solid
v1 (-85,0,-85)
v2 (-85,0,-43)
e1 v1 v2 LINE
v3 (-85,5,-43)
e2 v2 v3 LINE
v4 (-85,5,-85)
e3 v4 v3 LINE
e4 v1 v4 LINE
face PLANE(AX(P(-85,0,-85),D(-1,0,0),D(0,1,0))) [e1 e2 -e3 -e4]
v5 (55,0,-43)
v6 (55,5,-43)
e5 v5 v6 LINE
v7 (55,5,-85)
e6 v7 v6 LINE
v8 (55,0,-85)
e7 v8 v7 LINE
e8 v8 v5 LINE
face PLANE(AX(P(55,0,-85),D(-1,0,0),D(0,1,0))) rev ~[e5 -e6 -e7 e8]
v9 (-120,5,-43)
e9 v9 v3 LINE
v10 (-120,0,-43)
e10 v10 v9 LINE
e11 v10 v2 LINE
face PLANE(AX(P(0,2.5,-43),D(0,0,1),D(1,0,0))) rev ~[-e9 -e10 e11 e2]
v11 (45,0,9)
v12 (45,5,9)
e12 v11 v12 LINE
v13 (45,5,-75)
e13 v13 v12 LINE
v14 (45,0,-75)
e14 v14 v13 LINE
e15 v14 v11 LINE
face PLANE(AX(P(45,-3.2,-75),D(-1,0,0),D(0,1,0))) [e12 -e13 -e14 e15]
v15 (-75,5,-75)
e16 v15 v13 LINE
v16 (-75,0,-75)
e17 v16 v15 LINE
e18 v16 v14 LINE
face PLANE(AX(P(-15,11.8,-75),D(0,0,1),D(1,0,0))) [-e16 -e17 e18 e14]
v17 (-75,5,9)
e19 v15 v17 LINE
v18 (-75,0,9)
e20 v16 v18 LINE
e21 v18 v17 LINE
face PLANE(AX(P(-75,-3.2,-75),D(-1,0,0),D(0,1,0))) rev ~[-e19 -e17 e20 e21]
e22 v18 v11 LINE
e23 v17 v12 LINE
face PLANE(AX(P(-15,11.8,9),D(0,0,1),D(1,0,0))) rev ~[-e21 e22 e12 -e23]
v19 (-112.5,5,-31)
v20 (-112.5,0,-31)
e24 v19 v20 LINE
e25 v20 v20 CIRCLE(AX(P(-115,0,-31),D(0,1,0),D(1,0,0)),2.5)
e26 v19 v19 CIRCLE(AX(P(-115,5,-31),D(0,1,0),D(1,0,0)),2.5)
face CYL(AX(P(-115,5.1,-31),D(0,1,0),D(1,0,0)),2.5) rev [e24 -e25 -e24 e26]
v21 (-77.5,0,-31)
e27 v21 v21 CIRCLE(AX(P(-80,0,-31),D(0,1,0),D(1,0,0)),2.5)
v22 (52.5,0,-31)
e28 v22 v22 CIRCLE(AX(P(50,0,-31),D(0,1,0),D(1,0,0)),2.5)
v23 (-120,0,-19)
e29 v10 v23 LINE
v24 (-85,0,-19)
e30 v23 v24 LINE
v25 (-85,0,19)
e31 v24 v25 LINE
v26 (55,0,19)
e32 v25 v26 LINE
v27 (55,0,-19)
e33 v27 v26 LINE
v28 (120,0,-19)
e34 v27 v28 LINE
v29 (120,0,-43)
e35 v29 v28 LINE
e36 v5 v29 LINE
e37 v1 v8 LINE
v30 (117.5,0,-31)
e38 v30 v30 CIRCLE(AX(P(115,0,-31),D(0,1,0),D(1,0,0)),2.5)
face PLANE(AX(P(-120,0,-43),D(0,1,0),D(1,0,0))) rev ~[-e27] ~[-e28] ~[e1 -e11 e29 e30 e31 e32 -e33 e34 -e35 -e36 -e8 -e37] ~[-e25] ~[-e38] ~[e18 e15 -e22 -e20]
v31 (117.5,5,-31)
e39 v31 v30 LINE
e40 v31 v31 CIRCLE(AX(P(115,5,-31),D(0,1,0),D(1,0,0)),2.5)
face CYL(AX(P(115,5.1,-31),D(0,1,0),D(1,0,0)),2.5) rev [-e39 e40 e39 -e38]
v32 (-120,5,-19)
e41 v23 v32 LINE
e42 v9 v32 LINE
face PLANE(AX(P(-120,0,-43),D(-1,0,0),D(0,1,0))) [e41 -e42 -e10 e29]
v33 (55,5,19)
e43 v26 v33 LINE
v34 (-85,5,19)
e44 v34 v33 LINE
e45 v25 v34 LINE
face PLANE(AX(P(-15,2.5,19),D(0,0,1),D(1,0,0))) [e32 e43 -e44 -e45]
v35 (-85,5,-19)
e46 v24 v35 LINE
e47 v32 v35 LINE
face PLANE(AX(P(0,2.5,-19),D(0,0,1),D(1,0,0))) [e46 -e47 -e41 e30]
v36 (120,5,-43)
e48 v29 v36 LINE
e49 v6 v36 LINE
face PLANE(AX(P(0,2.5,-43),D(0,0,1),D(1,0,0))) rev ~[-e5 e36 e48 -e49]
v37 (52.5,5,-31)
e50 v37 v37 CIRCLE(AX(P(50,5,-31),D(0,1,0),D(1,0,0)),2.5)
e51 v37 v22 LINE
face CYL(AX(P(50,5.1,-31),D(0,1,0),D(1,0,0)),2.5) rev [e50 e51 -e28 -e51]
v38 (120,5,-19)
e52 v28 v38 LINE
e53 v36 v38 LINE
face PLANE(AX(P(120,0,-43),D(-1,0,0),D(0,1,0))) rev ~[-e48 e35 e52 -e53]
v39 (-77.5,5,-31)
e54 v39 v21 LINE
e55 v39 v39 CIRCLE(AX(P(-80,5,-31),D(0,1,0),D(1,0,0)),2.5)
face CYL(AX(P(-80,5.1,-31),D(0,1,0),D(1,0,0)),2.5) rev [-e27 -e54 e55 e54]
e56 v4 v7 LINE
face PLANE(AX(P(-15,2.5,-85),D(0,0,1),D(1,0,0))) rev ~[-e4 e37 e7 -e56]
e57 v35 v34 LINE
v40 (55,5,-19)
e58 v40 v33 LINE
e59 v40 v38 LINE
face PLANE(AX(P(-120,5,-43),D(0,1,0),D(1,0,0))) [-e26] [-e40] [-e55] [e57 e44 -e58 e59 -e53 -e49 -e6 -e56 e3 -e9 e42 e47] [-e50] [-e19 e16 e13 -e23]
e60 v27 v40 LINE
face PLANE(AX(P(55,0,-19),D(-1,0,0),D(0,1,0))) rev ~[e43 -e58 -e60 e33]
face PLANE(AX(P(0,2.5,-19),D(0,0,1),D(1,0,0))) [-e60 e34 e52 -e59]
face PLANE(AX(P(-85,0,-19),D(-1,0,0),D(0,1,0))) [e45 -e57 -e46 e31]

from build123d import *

# Parameters (mm, degrees)
BOX008_W          = 120
BOX008_H          = 30
BOX008_DEPTH      = 84
CYLINDER052_R     = 2.5
CYLINDER052_DEPTH = 10
CYLINDER053_R     = 2.5
CYLINDER053_DEPTH = 10
CYLINDER054_R     = 2.5
CYLINDER054_DEPTH = 10
CYLINDER055_R     = 2.5
CYLINDER055_DEPTH = 10
CYLINDER051_R     = 2.5
CYLINDER051_DEPTH = 10
CYLINDER056_R     = 2.5
CYLINDER056_DEPTH = 10
BOX001_W          = 240
BOX001_H          = 5
BOX001_DEPTH      = 24
BOX002_W          = 140
BOX002_H          = 5
BOX002_DEPTH      = 38
BOX003_W          = 140
BOX003_H          = 5
BOX003_DEPTH      = 42


with BuildPart() as gatewaycut:
    # Box008 → Box008 (new body)
    with BuildSketch(Plane(origin=(-75, -3.2, -75), x_dir=(1, 0, 0), z_dir=(0, 0, 1))):
        with Locations((60, 15)):
            Rectangle(BOX008_W, BOX008_H)
    extrude(amount=BOX008_DEPTH)


with BuildPart() as cylinder052:
    # Cylinder052 → Cylinder052 (new body)
    with BuildSketch(Plane(origin=(115, 0, -31), x_dir=(1, 0, 0), z_dir=(0, -1, 0))):
        Circle(CYLINDER052_R)
    extrude(amount=CYLINDER052_DEPTH)


with BuildPart() as cylinder053:
    # Cylinder053 → Cylinder053 (new body)
    with BuildSketch(Plane(origin=(-80, 0, -31), x_dir=(1, 0, 0), z_dir=(0, -1, 0))):
        Circle(CYLINDER053_R)
    extrude(amount=CYLINDER053_DEPTH)


with BuildPart() as cylinder054:
    # Cylinder054 → Cylinder054 (new body)
    with BuildSketch(Plane(origin=(50, 0, -31), x_dir=(1, 0, 0), z_dir=(0, -1, 0))):
        Circle(CYLINDER054_R)
    extrude(amount=CYLINDER054_DEPTH)


with BuildPart() as cylinder055:
    # Cylinder055 → Cylinder055 (new body)
    with BuildSketch(Plane(origin=(-45.75, 0, -56.3), x_dir=(1, 0, 0), z_dir=(0, -1, 0))):
        Circle(CYLINDER055_R)
    extrude(amount=CYLINDER055_DEPTH)


with BuildPart() as cylinder051:
    # Cylinder051 → Cylinder051 (new body)
    with BuildSketch(Plane(origin=(-115, 0, -31), x_dir=(1, 0, 0), z_dir=(0, -1, 0))):
        Circle(CYLINDER051_R)
    extrude(amount=CYLINDER051_DEPTH)


with BuildPart() as m3heatsetinserts001:
    # Cylinder056 → Cylinder056 (new body)
    with BuildSketch(Plane(origin=(-45.75, 0, -1.3), x_dir=(1, 0, 0), z_dir=(0, -1, 0))):
        Circle(CYLINDER056_R)
    extrude(amount=CYLINDER056_DEPTH)

    # Fusion018: union Cylinder052, Cylinder053, Cylinder054, Cylinder055, Cylinder051
    add(cylinder052.part)
    add(cylinder053.part)
    add(cylinder054.part)
    add(cylinder055.part)
    add(cylinder051.part)


with BuildPart() as m3heatsetinserts001_1:
    # Fusion018 placement: moved
    add(m3heatsetinserts001.part.moved(Location((0, 5.1, 0))))


with BuildPart() as cube:
    # Box001 → Box001 (new body)
    with BuildSketch(Plane(origin=(-120, 0, -43), x_dir=(1, 0, 0), z_dir=(0, 0, 1))):
        with Locations((120, 2.5)):
            Rectangle(BOX001_W, BOX001_H)
    extrude(amount=BOX001_DEPTH)


with BuildPart() as cube001:
    # Box002 → Box002 (new body)
    with BuildSketch(Plane(origin=(-85, 0, -19), x_dir=(1, 0, 0), z_dir=(0, 0, 1))):
        with Locations((70, 2.5)):
            Rectangle(BOX002_W, BOX002_H)
    extrude(amount=BOX002_DEPTH)


with BuildPart() as mainbase:
    # Box003 → Box003 (new body)
    with BuildSketch(Plane(origin=(-85, 0, -85), x_dir=(1, 0, 0), z_dir=(0, 0, 1))):
        with Locations((70, 2.5)):
            Rectangle(BOX003_W, BOX003_H)
    extrude(amount=BOX003_DEPTH)

    # Fusion013: union Cube, Cube001
    add(cube.part)
    add(cube001.part)

    # Cut003: cut M3HeatSetInserts001
    add(m3heatsetinserts001_1.part, mode=Mode.SUBTRACT)

    # Cut004: cut GatewayCut
    add(gatewaycut.part, mode=Mode.SUBTRACT)


solid = mainbase.part
